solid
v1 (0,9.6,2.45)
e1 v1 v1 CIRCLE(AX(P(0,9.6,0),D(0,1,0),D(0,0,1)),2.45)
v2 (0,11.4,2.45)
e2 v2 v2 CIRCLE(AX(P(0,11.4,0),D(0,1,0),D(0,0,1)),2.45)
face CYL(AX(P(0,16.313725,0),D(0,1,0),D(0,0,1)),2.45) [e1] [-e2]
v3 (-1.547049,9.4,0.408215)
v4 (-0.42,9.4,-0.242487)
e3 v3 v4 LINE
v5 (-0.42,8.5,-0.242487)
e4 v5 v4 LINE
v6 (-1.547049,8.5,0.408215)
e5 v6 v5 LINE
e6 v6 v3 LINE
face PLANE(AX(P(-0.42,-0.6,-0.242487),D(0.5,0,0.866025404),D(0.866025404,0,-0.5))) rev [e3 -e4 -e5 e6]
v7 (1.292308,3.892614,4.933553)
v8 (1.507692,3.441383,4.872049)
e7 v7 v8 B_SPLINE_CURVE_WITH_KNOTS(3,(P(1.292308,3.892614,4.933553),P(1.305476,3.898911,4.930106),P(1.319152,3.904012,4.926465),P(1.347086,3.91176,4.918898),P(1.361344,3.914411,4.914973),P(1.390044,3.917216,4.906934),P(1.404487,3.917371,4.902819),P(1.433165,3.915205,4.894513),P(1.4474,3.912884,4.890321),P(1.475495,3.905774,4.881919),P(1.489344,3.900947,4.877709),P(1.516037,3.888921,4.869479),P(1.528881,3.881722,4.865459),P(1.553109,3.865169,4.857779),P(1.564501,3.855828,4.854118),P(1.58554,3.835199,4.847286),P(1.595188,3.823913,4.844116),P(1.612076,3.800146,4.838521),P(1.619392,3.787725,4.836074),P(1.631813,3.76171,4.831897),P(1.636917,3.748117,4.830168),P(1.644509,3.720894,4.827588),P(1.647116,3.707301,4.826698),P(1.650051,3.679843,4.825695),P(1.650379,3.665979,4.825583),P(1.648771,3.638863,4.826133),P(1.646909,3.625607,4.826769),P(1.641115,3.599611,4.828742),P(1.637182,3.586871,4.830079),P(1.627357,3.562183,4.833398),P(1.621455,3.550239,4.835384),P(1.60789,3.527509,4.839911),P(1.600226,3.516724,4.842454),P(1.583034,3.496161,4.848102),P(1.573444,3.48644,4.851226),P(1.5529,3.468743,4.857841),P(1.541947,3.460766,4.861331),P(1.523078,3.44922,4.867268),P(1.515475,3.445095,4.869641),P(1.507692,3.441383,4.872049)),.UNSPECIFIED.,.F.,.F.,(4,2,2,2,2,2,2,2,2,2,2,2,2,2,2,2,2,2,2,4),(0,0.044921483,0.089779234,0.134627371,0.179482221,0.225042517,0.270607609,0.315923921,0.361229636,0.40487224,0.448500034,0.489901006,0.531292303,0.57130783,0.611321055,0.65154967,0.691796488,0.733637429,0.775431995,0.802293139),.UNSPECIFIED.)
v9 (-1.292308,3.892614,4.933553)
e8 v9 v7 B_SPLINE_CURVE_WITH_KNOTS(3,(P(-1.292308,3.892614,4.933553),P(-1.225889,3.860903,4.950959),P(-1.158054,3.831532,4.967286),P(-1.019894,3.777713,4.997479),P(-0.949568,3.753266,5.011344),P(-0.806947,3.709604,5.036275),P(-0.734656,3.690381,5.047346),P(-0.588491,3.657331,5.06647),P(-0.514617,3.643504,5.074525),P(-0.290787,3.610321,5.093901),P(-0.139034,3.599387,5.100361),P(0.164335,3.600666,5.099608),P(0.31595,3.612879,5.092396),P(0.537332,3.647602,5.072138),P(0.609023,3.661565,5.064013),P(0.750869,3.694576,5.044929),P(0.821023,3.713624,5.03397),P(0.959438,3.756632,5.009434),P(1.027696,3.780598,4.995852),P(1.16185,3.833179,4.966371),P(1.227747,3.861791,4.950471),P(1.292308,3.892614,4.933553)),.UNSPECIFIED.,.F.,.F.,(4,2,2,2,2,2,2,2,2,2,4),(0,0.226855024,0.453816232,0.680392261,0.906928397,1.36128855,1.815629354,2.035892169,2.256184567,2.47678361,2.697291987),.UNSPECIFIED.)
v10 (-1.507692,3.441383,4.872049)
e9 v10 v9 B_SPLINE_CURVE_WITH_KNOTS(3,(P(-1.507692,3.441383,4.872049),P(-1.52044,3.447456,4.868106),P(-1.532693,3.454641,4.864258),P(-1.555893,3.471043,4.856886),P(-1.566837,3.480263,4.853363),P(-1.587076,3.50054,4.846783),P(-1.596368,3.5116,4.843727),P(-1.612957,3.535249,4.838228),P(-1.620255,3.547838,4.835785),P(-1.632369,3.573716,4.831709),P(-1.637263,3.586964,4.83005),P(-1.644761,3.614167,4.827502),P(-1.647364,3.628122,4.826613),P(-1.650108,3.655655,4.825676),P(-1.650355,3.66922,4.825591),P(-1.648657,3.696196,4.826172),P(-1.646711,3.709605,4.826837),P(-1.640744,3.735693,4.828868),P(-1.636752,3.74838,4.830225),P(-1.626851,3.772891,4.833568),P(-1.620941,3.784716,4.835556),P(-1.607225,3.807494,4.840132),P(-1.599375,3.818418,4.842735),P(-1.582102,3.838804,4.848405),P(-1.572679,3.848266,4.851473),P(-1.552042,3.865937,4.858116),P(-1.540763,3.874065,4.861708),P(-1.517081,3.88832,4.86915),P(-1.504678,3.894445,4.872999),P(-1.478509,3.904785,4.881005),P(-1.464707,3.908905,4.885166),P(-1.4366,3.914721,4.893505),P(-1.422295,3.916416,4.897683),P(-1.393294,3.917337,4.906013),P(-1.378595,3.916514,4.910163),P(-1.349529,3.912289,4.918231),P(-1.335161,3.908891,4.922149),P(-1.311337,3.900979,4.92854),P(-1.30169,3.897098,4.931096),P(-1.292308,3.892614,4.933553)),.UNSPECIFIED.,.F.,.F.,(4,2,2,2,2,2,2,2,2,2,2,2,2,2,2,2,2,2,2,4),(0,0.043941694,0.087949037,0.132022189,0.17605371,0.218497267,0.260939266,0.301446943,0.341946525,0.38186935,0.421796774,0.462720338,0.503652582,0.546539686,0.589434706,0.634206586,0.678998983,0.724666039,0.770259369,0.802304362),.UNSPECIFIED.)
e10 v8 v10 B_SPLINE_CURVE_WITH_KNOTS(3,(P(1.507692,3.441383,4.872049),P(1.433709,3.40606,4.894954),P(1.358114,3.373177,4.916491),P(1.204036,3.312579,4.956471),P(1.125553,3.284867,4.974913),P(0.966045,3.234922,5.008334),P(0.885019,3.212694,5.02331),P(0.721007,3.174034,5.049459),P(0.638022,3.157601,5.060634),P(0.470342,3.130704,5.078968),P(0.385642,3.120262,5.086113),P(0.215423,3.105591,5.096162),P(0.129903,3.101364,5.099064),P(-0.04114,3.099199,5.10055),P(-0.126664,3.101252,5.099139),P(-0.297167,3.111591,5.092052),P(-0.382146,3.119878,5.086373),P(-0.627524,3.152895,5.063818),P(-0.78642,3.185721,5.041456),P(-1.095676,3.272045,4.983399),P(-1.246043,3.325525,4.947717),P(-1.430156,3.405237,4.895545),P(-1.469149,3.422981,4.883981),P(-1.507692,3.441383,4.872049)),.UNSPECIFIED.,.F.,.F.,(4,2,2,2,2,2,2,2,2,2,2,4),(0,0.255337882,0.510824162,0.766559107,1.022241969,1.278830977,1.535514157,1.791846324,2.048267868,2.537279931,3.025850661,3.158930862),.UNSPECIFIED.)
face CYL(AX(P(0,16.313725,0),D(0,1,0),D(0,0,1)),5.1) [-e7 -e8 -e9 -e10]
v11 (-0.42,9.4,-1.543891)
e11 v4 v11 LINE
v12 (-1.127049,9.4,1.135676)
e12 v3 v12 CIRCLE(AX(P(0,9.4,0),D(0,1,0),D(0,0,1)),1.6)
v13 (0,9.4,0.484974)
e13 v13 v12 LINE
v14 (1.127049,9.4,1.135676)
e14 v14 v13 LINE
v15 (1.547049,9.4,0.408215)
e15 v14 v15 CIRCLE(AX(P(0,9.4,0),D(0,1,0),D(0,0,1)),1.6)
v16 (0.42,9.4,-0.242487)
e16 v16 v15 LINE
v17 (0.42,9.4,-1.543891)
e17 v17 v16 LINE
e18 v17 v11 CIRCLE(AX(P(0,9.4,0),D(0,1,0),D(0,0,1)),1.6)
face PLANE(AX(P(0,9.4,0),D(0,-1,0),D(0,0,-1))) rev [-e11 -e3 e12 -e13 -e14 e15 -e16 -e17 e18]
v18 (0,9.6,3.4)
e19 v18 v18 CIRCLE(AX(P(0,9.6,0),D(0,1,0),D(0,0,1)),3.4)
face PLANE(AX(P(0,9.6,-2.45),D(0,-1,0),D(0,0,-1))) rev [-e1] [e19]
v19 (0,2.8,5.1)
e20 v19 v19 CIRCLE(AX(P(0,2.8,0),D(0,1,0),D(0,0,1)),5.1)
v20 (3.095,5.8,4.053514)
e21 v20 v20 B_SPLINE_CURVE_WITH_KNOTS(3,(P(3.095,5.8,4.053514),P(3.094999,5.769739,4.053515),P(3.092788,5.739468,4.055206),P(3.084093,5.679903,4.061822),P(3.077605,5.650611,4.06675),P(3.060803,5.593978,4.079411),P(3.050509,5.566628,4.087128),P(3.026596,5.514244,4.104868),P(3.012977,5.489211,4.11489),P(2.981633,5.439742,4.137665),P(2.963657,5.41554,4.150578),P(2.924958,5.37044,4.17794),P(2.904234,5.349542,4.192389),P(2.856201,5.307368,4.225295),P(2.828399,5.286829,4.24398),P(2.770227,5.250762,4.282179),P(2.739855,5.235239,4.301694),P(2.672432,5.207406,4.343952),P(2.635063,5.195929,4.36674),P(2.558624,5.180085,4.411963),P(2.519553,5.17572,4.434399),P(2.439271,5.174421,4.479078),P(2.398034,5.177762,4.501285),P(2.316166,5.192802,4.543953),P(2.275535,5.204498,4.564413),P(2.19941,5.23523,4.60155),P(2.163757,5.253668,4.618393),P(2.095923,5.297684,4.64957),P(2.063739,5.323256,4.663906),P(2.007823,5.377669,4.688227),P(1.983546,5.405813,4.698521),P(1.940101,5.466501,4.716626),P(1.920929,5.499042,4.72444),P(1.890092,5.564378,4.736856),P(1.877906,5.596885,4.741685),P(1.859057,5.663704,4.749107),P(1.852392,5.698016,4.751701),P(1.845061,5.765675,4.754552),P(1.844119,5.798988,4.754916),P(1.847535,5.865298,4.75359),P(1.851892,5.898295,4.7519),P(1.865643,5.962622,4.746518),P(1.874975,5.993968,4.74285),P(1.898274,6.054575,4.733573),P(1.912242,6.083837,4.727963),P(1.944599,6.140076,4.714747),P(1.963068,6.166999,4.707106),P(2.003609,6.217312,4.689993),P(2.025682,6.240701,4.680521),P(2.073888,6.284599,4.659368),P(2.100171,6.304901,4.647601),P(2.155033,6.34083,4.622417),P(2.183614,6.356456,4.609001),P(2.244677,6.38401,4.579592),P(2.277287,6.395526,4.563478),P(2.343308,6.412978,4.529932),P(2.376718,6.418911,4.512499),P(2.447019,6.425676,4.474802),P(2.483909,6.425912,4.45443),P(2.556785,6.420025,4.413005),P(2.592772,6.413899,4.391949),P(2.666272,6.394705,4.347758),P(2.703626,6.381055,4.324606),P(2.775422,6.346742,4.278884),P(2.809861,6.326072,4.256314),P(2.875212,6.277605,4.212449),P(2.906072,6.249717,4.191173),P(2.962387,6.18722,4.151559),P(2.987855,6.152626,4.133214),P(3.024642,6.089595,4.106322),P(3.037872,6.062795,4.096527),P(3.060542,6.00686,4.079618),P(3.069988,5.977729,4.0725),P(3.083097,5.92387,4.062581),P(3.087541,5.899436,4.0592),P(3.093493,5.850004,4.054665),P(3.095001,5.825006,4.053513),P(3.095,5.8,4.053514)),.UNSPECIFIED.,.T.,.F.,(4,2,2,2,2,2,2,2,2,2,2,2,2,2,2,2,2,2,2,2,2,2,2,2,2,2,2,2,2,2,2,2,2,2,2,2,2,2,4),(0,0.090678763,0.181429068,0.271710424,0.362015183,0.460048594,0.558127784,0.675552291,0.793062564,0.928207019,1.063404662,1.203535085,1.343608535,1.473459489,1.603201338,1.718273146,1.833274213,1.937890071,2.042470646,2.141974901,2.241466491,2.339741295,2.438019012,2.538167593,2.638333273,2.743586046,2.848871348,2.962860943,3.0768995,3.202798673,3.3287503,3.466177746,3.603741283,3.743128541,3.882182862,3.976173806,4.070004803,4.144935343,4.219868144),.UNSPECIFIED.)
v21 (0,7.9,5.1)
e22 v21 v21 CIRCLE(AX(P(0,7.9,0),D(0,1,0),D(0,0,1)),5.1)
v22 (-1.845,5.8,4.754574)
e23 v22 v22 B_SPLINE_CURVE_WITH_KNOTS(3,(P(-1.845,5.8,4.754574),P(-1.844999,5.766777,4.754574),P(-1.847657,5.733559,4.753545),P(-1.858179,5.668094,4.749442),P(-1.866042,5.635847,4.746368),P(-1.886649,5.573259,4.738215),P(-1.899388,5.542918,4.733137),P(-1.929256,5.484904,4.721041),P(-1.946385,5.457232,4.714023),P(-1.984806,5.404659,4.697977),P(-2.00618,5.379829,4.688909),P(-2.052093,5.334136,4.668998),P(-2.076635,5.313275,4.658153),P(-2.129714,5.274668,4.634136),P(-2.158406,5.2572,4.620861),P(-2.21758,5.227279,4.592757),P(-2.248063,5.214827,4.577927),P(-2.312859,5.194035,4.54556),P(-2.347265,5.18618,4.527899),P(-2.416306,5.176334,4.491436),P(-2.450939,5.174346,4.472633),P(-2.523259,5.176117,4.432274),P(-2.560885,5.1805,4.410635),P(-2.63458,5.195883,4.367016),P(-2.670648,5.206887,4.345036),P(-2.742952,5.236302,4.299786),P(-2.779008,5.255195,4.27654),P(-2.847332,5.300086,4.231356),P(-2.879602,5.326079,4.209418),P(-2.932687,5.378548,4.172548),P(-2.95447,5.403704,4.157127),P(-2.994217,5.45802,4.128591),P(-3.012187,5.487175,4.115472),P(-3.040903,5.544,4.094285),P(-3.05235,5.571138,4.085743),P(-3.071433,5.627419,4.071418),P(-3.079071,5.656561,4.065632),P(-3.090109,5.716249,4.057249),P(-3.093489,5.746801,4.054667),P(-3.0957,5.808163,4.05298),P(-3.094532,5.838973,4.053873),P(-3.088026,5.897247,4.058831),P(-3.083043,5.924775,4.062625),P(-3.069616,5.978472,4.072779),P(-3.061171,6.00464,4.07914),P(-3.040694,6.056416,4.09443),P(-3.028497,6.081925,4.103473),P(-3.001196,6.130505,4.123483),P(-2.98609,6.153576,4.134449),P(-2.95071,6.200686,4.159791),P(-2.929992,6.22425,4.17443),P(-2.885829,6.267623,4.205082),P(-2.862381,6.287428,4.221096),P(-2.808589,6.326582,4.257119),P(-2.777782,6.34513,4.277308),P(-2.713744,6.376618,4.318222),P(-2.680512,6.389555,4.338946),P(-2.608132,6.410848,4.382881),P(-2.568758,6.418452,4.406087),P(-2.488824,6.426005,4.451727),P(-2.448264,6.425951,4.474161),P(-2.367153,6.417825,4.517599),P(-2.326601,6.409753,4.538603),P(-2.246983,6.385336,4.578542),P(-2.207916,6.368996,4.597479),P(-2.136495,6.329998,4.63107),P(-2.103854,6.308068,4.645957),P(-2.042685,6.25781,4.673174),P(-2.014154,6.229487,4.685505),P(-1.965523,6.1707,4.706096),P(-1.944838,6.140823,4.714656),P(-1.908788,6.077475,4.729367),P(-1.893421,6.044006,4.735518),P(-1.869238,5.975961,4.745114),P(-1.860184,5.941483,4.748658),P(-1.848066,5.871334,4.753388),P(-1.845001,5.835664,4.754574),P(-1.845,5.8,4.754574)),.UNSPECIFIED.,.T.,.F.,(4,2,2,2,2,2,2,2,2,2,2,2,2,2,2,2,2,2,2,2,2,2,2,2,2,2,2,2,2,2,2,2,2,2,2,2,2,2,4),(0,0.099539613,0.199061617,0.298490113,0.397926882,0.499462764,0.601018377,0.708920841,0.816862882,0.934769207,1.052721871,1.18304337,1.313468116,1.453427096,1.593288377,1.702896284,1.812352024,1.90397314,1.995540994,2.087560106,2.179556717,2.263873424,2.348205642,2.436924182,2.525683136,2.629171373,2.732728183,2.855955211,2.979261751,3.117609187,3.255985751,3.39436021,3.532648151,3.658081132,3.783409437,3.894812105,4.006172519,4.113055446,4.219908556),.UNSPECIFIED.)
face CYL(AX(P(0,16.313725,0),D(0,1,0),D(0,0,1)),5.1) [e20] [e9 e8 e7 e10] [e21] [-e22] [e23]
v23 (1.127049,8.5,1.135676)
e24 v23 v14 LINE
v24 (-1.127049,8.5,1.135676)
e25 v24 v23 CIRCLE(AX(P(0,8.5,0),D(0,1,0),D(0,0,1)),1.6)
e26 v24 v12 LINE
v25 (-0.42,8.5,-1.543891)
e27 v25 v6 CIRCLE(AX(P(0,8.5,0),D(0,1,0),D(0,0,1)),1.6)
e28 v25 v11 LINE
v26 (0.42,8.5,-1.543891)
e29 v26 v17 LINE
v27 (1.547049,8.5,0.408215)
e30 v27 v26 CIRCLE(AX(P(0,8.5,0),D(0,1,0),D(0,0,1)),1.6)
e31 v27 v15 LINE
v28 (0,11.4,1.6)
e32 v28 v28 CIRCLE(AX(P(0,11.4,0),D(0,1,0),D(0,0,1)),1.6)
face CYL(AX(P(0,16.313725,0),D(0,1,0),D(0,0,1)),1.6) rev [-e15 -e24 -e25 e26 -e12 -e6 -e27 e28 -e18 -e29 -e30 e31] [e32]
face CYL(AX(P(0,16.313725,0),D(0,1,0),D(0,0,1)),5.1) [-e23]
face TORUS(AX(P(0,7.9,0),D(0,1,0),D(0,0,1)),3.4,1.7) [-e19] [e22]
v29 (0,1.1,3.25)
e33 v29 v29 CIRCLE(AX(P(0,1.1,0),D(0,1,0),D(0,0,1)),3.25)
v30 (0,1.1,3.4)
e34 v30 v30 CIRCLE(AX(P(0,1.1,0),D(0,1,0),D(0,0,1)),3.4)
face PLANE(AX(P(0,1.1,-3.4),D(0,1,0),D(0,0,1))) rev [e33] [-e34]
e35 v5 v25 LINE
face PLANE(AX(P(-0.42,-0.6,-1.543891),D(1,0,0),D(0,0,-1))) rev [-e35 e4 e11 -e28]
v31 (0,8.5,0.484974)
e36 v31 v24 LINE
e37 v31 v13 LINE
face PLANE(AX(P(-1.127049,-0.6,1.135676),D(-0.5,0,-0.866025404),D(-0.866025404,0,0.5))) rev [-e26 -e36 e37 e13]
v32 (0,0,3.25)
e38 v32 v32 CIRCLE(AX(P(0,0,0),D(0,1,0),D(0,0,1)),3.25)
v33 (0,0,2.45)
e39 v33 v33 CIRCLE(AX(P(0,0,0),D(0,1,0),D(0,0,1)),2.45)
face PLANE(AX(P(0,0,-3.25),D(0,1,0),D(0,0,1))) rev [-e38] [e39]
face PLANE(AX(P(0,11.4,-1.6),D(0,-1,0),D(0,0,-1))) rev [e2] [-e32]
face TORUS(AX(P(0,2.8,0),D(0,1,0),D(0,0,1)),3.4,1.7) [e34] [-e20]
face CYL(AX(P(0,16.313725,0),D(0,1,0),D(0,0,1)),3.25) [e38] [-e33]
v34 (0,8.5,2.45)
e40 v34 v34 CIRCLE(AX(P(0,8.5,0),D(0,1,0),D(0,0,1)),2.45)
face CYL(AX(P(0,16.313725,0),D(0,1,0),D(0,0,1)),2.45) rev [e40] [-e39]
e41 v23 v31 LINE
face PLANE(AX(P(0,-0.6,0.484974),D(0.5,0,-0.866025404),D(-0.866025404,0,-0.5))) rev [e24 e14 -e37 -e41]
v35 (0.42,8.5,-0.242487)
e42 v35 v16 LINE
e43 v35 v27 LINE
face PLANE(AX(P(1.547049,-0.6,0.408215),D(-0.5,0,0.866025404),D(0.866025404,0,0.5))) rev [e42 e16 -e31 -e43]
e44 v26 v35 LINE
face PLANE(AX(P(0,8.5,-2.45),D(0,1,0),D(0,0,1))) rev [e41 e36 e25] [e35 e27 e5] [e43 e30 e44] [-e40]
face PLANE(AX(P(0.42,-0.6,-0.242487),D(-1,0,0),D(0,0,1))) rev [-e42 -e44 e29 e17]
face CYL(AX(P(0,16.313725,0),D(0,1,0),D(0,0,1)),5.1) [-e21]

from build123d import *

# Parameters (mm, degrees)
AIR_HOLE_DEPTH    = 10
CIRCPATTERN_COUNT = 3


with BuildPart() as part:
    # Sketch1 → Head Revolve (revolve)
    with BuildSketch(Plane(origin=(0, 0, 0), x_dir=(0, 0, -1), z_dir=(1, 0, 0))):
        with BuildLine():
            Line((0, 8.5), (0, 9.4))
            Line((0, 9.4), (1.6, 9.4))
            Line((1.6, 9.4), (1.6, 11.4))
            Line((1.6, 11.4), (2.45, 11.4))
            Line((2.45, 11.4), (2.45, 9.6))
            Line((2.45, 9.6), (3.4, 9.6))
            ThreePointArc((3.4, 9.6), (4.602081528, 9.102081528), (5.1, 7.9))
            Line((5.1, 7.9), (5.1, 2.8))
            ThreePointArc((5.1, 2.8), (4.602081528, 1.597918472), (3.4, 1.1))
            Line((3.4, 1.1), (3.25, 1.1))
            Line((3.25, 1.1), (3.25, 0))
            Line((3.25, 0), (2.45, 0))
            Line((2.45, 0), (2.45, 8.5))
            Line((2.45, 8.5), (0, 8.5))
        make_face()
    revolve(axis=Axis((0, 16.31372549, 0), (0, -1, 0)))

    # Sketch2 → Air Hole (cut)
    with BuildSketch(Plane(origin=(0, 9.4, 0), x_dir=(1, 0, 0), z_dir=(0, 1, 0))):
        with BuildLine():
            Line((-0.42, 1.543891188), (-0.42, 0.242487113))
            Line((-0.42, 0.242487113), (-1.547048989, -0.408214924))
            ThreePointArc((-1.547048989, -0.408214924), (-1.385640646, 0.8), (-0.42, 1.543891188))
        make_face()
    air_hole = extrude(amount=-AIR_HOLE_DEPTH, mode=Mode.SUBTRACT)

    # CircPattern: Air Hole ×3 about axis
    circpattern_axis = Axis((0, 0, 0), (0, 1, 0))
    for i in range(1, CIRCPATTERN_COUNT):
        add(air_hole.rotate(circpattern_axis, i * 360 / CIRCPATTERN_COUNT), mode=Mode.SUBTRACT)


solid = part.part
